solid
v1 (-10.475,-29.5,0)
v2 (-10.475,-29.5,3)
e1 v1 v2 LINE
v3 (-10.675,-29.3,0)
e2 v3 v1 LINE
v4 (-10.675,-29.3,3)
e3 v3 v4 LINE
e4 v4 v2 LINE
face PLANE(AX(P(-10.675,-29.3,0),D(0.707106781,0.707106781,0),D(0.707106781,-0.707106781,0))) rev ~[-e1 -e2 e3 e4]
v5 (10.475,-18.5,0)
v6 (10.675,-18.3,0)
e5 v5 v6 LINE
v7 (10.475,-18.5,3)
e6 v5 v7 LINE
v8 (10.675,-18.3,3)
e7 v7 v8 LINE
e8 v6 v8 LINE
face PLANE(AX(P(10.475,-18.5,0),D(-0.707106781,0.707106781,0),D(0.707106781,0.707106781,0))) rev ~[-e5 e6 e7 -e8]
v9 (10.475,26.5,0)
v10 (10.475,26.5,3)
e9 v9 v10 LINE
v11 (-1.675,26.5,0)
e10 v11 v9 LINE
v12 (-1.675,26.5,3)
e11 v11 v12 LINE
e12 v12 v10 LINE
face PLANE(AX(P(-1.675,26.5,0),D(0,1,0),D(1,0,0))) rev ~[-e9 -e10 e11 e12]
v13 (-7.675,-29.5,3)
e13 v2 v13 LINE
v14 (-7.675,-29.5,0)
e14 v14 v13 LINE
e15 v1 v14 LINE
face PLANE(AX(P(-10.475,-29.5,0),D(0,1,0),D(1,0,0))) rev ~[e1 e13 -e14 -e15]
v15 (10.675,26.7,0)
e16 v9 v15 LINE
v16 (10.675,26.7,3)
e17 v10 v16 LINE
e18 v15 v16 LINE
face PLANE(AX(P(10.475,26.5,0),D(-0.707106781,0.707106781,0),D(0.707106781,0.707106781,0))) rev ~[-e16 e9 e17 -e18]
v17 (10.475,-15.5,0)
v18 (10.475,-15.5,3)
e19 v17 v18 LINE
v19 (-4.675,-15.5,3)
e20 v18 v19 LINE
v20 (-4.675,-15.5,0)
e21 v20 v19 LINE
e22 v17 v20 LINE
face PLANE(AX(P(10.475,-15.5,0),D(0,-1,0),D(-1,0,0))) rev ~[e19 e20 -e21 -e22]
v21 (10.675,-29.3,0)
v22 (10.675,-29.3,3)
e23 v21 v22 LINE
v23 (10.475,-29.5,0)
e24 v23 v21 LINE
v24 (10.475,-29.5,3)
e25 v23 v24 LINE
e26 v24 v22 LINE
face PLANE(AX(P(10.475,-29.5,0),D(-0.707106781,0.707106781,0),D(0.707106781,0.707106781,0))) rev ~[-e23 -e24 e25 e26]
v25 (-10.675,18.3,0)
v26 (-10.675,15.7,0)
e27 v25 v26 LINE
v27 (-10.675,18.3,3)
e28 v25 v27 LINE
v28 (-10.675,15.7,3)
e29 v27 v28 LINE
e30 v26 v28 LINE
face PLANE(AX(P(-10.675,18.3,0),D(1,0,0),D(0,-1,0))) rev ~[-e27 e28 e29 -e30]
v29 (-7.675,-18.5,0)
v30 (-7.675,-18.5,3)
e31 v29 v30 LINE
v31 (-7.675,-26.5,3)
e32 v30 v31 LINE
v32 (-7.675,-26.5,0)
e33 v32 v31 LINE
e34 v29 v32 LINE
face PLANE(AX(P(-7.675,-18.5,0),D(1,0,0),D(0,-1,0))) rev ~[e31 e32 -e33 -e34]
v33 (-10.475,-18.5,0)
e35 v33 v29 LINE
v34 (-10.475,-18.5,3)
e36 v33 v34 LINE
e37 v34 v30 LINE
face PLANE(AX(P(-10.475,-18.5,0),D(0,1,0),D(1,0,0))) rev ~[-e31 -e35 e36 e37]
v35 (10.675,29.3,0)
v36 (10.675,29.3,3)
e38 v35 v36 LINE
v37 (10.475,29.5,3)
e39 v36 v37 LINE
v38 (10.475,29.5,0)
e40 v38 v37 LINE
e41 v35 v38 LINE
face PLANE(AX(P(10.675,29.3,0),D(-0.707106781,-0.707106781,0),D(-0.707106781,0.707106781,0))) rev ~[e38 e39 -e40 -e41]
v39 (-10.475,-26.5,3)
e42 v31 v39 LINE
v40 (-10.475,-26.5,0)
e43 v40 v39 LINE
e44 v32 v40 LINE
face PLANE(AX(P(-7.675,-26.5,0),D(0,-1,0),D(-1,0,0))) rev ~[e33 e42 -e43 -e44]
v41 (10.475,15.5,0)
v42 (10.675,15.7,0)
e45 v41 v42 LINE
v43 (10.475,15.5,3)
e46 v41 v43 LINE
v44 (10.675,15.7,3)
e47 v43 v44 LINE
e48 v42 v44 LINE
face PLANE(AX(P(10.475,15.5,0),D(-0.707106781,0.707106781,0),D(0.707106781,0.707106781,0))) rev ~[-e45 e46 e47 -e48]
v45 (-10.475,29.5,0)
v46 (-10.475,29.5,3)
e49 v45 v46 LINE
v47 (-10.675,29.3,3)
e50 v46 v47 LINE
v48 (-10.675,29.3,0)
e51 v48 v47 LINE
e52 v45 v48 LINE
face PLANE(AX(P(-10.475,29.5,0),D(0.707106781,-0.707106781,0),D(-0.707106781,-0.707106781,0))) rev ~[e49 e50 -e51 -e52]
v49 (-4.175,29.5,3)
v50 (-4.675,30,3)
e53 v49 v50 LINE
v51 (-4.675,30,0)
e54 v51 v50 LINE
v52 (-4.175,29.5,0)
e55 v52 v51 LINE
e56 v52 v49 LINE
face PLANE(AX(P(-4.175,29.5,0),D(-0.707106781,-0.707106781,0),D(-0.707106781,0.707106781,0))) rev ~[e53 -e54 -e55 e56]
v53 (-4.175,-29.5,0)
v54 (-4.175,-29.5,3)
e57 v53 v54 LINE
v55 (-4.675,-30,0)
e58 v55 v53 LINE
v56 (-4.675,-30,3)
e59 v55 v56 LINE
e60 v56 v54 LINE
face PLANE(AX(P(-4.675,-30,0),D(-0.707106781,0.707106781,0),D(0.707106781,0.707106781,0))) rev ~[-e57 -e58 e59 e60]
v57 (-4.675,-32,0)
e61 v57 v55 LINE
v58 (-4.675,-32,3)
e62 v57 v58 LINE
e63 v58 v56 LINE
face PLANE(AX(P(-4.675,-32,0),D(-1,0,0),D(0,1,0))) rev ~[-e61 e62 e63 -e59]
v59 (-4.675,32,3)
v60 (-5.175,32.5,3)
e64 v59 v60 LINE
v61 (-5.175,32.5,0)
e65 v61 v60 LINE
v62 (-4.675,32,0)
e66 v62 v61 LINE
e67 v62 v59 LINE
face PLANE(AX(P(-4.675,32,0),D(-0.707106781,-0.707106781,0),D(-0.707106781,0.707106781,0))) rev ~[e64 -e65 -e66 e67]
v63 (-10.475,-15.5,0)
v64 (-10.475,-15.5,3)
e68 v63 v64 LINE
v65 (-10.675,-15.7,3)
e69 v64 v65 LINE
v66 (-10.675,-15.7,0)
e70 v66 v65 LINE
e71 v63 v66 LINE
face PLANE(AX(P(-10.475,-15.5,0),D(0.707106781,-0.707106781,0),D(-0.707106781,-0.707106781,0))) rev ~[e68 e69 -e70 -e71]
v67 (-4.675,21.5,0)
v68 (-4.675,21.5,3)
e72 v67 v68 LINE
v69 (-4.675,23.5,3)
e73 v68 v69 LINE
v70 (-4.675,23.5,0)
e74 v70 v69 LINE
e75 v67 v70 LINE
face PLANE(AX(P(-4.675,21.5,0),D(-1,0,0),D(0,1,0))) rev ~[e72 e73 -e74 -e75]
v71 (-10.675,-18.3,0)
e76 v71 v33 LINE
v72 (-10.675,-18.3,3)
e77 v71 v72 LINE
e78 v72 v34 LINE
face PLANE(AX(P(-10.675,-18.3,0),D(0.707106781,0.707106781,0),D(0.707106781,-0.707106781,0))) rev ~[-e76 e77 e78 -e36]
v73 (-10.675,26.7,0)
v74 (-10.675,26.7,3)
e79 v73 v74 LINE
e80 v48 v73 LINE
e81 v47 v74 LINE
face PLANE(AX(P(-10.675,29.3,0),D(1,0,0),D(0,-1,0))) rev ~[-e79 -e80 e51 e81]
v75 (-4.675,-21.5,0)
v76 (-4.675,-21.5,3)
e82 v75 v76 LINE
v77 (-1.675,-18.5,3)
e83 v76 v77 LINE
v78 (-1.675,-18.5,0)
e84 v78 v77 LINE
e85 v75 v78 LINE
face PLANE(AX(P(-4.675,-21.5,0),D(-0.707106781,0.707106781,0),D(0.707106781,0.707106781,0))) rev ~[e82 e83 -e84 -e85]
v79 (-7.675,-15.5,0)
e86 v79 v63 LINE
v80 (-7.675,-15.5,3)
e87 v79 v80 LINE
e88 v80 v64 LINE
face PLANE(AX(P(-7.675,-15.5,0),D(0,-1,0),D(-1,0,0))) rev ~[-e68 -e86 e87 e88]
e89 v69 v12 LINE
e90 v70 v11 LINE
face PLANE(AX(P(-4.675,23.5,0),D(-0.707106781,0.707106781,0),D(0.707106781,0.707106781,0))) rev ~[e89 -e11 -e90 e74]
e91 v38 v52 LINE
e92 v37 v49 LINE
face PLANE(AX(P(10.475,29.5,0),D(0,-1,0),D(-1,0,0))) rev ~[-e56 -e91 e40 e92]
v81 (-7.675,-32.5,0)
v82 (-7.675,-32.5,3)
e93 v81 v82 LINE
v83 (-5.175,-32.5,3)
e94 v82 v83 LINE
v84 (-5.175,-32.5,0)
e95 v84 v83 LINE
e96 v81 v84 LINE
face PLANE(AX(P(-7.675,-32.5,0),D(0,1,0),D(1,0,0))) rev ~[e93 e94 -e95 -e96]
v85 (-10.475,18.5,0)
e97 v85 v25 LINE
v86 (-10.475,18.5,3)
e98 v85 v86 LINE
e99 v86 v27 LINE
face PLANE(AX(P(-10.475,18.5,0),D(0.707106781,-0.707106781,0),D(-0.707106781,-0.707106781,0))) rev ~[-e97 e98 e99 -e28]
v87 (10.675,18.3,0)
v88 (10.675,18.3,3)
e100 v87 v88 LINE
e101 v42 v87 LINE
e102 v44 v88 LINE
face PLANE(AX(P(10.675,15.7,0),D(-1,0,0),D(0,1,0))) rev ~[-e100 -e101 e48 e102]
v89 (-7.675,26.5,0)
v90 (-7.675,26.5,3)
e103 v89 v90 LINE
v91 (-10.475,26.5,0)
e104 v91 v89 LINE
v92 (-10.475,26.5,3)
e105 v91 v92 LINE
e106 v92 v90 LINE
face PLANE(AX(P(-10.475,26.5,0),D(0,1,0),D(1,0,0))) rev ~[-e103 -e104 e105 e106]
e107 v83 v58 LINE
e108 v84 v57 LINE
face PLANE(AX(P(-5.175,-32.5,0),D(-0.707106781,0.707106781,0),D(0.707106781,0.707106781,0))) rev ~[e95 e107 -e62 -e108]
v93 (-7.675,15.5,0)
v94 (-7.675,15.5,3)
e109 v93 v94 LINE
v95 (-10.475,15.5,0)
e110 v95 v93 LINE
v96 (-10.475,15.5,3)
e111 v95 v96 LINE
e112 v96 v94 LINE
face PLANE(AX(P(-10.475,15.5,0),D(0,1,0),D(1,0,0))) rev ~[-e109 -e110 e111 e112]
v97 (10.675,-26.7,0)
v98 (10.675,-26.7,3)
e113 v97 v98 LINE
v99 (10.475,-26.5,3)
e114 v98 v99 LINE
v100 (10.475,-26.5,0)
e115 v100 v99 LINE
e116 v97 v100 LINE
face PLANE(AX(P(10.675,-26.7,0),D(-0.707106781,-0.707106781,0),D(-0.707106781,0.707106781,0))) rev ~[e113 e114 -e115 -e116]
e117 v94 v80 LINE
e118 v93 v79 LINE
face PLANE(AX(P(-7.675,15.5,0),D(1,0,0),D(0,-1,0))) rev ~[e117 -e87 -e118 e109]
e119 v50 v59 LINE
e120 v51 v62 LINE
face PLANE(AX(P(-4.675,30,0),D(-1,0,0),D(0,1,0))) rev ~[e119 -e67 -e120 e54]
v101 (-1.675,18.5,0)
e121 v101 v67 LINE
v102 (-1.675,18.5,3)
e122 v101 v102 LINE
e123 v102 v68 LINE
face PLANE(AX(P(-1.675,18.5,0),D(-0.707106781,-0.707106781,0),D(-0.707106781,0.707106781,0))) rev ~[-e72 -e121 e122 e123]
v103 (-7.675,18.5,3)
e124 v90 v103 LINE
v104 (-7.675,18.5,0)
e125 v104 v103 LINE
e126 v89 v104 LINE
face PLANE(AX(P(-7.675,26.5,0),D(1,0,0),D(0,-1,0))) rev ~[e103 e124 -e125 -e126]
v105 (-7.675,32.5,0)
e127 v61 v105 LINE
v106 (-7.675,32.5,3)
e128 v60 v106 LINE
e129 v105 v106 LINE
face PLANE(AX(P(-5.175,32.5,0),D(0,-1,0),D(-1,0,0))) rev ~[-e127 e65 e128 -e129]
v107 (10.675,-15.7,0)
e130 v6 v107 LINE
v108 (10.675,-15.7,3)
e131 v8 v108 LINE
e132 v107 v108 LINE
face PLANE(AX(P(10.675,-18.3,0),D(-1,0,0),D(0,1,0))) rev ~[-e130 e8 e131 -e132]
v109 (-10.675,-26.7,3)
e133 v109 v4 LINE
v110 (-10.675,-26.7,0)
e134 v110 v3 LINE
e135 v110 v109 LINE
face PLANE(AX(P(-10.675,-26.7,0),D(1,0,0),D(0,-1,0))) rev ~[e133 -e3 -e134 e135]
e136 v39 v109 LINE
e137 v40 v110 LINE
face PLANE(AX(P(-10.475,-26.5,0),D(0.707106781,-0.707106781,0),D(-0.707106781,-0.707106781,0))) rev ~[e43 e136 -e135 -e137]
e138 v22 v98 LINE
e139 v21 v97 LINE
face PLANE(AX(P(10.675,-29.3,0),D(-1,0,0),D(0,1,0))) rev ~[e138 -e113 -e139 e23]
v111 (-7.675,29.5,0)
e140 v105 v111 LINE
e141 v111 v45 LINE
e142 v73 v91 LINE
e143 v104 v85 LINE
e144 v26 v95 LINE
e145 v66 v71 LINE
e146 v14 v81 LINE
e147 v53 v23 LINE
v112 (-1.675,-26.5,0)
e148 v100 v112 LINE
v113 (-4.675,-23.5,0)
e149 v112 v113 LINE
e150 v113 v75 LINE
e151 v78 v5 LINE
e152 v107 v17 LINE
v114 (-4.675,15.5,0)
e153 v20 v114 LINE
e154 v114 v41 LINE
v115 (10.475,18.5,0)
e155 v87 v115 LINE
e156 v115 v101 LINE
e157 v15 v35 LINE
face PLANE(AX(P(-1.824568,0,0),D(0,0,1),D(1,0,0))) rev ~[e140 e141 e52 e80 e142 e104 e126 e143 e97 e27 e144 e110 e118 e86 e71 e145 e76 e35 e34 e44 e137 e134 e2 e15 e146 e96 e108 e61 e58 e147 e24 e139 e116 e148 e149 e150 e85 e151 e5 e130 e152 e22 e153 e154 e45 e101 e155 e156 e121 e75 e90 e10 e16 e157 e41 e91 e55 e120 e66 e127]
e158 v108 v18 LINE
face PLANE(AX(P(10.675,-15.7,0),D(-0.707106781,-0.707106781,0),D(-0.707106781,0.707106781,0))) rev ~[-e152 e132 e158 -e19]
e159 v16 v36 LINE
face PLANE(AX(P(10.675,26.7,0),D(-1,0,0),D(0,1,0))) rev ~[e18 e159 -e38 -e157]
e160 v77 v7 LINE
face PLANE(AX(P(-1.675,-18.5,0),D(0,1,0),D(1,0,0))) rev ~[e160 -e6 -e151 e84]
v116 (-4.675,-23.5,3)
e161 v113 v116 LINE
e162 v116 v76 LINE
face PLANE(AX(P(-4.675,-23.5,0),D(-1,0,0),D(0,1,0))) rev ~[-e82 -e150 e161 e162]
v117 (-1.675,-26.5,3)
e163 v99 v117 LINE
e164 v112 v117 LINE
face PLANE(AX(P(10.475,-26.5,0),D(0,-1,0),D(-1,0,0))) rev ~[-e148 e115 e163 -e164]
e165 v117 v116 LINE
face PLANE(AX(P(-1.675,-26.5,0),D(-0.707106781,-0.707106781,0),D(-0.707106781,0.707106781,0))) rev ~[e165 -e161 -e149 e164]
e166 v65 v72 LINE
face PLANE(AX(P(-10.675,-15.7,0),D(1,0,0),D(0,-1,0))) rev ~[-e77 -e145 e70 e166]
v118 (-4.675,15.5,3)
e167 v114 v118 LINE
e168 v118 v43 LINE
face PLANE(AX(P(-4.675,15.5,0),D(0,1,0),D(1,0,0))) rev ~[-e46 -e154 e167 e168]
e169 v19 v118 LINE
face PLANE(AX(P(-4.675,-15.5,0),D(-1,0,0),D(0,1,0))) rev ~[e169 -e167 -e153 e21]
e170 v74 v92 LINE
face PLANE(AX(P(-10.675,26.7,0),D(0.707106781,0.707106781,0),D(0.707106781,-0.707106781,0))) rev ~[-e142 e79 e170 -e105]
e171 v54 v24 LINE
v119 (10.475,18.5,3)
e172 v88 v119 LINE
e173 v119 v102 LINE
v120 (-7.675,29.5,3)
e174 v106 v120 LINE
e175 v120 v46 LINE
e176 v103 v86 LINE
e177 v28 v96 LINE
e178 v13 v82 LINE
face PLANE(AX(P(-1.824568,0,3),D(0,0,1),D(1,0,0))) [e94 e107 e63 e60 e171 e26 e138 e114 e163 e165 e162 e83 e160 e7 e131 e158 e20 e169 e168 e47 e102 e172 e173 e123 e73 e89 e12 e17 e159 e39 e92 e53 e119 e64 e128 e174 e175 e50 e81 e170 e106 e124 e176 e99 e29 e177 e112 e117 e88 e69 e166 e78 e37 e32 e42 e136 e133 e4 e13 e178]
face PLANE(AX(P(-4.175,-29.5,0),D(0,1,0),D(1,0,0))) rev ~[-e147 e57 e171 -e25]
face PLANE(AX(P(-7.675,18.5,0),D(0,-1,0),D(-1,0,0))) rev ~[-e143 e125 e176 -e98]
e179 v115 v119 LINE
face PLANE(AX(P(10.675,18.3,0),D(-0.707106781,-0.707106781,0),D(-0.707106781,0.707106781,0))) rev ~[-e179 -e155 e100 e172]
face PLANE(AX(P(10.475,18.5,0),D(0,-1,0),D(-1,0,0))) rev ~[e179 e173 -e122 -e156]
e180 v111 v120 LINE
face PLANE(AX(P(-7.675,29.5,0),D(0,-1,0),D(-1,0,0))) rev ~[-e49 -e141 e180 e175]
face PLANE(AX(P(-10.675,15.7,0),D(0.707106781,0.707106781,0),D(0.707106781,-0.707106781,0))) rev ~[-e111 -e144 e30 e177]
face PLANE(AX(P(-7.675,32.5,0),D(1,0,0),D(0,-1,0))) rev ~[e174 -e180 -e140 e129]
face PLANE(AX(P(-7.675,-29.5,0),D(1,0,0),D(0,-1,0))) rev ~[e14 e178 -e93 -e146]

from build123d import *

# Parameters (mm, degrees)
F1_DEPTH = 3


with BuildPart() as f1:
    # F0 (on Top) → F1 (new body)
    with BuildSketch(Plane.XY):
        Polygon((-4.675, 23.5), (-1.675, 26.5), (10.475, 26.5), (10.675, 26.7), (10.675, 29.3), (10.475, 29.5), (-4.175, 29.5), (-4.675, 30), (-4.675, 32), (-5.175, 32.5), (-7.675, 32.5), (-7.675, 29.5), (-10.475, 29.5), (-10.675, 29.3), (-10.675, 26.7), (-10.475, 26.5), (-7.675, 26.5), (-7.675, 18.5), (-10.475, 18.5), (-10.675, 18.3), (-10.675, 15.7), (-10.475, 15.5), (-7.675, 15.5), (-7.675, -15.5), (-10.475, -15.5), (-10.675, -15.7), (-10.675, -18.3), (-10.475, -18.5), (-7.675, -18.5), (-7.675, -26.5), (-10.475, -26.5), (-10.675, -26.7), (-10.675, -29.3), (-10.475, -29.5), (-7.675, -29.5), (-7.675, -32.5), (-5.175, -32.5), (-4.675, -32), (-4.675, -30), (-4.175, -29.5), (10.475, -29.5), (10.675, -29.3), (10.675, -26.7), (10.475, -26.5), (-1.675, -26.5), (-4.675, -23.5), (-4.675, -21.5), (-1.675, -18.5), (10.475, -18.5), (10.675, -18.3), (10.675, -15.7), (10.475, -15.5), (-4.675, -15.5), (-4.675, 15.5), (10.475, 15.5), (10.675, 15.7), (10.675, 18.3), (10.475, 18.5), (-1.675, 18.5), (-4.675, 21.5), align=None)
    extrude(amount=F1_DEPTH)


solid = f1.part
